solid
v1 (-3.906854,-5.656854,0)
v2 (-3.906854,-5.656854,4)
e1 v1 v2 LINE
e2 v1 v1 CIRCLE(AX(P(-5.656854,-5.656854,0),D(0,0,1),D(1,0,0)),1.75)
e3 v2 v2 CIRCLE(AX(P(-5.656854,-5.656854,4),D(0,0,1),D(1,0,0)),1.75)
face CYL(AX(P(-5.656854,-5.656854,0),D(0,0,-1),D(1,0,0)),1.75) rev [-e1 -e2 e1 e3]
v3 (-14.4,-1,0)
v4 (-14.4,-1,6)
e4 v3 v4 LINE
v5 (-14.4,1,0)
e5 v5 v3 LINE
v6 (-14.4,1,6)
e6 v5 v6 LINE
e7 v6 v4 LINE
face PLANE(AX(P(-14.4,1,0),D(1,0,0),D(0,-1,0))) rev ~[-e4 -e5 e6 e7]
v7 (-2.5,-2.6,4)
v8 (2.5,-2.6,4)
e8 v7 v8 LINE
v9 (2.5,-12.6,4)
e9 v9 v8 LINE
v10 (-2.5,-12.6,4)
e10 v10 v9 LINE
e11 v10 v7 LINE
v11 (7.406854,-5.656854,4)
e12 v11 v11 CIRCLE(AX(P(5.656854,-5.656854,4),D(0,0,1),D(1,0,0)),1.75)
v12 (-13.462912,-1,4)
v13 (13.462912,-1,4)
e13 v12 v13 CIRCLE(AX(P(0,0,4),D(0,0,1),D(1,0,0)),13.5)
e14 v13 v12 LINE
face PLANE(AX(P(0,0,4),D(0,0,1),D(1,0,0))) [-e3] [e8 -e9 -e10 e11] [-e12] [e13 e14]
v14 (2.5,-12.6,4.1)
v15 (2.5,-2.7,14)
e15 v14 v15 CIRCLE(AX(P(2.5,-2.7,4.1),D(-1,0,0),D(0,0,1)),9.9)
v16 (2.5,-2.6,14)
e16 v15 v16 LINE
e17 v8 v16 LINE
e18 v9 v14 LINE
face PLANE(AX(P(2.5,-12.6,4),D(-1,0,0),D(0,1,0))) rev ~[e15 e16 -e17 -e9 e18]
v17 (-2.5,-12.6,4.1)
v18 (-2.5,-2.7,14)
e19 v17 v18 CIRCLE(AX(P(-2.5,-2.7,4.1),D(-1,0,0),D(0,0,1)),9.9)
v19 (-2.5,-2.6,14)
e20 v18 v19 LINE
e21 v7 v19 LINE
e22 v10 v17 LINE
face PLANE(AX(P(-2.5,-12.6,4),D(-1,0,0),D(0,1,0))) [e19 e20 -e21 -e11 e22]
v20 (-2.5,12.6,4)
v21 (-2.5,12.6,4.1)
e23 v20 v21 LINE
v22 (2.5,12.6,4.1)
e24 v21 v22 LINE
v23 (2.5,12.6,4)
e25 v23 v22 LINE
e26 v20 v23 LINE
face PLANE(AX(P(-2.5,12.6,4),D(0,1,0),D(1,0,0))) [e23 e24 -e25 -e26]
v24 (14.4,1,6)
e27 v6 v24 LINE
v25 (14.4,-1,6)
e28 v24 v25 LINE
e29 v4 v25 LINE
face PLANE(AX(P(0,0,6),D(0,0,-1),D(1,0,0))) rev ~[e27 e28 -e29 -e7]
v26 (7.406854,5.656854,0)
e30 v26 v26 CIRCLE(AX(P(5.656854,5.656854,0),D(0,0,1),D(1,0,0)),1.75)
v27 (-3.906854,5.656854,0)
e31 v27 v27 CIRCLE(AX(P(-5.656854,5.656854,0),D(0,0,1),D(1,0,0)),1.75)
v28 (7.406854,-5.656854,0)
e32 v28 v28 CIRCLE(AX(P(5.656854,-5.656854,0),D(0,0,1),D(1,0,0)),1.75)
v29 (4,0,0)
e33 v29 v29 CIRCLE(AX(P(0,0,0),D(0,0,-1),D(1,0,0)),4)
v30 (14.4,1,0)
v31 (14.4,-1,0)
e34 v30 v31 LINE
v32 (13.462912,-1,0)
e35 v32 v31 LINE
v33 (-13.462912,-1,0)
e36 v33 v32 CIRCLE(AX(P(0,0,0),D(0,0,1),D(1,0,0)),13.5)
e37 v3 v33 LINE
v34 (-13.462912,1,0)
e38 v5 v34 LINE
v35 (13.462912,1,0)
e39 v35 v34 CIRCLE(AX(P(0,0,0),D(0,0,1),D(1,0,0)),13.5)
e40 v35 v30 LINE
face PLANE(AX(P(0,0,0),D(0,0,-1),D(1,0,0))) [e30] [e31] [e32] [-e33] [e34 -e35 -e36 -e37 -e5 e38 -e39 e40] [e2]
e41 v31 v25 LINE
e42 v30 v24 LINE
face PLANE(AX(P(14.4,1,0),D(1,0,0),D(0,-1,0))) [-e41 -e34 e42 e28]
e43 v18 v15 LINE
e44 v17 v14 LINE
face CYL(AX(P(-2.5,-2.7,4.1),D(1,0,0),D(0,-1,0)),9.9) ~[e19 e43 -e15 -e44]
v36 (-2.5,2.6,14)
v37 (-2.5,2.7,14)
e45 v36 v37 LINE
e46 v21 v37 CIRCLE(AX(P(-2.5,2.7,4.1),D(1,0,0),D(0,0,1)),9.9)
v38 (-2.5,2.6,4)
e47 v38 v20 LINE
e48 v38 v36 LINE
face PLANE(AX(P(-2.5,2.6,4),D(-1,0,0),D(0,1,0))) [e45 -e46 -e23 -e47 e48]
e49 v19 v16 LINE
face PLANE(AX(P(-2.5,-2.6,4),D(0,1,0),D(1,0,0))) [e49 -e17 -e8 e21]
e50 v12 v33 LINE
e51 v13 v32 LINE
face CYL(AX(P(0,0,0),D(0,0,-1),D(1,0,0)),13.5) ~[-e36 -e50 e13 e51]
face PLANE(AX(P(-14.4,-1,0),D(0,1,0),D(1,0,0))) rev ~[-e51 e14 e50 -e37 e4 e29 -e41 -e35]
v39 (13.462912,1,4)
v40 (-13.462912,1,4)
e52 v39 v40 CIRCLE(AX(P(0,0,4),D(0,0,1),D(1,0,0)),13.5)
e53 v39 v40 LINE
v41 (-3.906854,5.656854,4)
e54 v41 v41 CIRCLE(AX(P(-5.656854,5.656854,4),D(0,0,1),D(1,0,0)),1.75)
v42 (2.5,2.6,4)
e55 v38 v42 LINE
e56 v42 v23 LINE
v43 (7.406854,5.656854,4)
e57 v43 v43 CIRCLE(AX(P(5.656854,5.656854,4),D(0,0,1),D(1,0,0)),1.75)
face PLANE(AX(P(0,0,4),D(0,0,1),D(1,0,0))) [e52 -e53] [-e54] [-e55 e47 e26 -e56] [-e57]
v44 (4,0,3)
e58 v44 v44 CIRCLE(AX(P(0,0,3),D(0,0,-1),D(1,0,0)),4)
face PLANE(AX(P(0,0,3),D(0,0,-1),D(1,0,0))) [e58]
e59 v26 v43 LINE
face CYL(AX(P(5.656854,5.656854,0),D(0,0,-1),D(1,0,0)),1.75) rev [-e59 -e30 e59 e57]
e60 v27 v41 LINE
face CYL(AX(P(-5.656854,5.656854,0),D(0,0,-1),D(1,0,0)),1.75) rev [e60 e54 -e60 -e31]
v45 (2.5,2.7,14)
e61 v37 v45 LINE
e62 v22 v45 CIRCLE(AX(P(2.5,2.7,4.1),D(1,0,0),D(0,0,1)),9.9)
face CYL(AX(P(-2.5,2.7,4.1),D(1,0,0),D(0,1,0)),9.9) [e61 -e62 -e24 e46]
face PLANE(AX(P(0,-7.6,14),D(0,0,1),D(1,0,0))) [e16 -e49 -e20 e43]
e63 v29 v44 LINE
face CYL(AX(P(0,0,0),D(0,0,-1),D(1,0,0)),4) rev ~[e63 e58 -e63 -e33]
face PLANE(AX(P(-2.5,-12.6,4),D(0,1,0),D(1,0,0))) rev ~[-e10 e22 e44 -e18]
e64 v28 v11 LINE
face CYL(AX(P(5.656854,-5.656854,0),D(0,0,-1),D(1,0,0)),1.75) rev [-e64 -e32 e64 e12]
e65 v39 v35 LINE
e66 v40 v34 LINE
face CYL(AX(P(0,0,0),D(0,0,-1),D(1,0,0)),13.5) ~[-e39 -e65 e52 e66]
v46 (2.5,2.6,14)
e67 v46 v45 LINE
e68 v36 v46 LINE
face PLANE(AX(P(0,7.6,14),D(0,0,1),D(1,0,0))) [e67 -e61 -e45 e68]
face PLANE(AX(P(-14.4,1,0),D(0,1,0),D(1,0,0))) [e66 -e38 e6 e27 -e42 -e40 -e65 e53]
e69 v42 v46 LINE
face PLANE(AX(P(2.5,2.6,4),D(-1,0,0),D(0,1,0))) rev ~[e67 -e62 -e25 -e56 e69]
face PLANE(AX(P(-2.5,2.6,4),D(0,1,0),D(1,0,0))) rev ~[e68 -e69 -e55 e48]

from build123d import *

# Parameters (mm, degrees)
SKETCH_R     = 13.5
SKETCH_R_2   = 1.75
PAD_DEPTH    = 4
SKETCH004_W  = 28.8
SKETCH004_H  = 2
PAD001_DEPTH = 6
SKETCH005_R  = 4
POCKET_DEPTH = 3
SKETCH006_W  = 5
SKETCH006_H  = 10
PAD002_DEPTH = 10
FILLET_R     = 9.9


with BuildPart() as part:
    # Sketch → Pad (new body)
    with BuildSketch(Plane.XY):
        Circle(SKETCH_R)
        with Locations((-5.656854, -5.656854)):
            Circle(SKETCH_R_2, mode=Mode.SUBTRACT)
        with Locations((5.656854, 5.656854)):
            Circle(SKETCH_R_2, mode=Mode.SUBTRACT)
        with Locations((-5.656854, 5.656854)):
            Circle(SKETCH_R_2, mode=Mode.SUBTRACT)
        with Locations((5.656854, -5.656854)):
            Circle(SKETCH_R_2, mode=Mode.SUBTRACT)
    extrude(amount=PAD_DEPTH)

    # Sketch004 → Pad001 (join)
    with BuildSketch(Plane(origin=(0, 0, 0), x_dir=(1, 0, 0), z_dir=(0, 0, -1))):
        Rectangle(SKETCH004_W, SKETCH004_H)
    extrude(amount=-PAD001_DEPTH)

    # Sketch005 (on Face1 of Pad001) → Pocket (cut)
    with BuildSketch(Plane(origin=(0, 0, 0), x_dir=(1, 0, 0), z_dir=(0, 0, -1))):
        Circle(SKETCH005_R)
    extrude(amount=-POCKET_DEPTH, mode=Mode.SUBTRACT)

    # Sketch006 (on Face18 of Pocket) → Pad002 (join)
    with BuildSketch(Plane.XY.offset(4)):
        with Locations((0, -7.6)):
            Rectangle(SKETCH006_W, SKETCH006_H)
        with Locations((0, 7.6)):
            Rectangle(SKETCH006_W, SKETCH006_H)
    extrude(amount=PAD002_DEPTH)

    # Fillet
    fillet_edges = [part.edges().sort_by_distance(p)[0] for p in [
        (0, 12.6, 14),
        (0, -12.6, 14),
    ]]
    fillet(fillet_edges, radius=FILLET_R)


solid = part.part
